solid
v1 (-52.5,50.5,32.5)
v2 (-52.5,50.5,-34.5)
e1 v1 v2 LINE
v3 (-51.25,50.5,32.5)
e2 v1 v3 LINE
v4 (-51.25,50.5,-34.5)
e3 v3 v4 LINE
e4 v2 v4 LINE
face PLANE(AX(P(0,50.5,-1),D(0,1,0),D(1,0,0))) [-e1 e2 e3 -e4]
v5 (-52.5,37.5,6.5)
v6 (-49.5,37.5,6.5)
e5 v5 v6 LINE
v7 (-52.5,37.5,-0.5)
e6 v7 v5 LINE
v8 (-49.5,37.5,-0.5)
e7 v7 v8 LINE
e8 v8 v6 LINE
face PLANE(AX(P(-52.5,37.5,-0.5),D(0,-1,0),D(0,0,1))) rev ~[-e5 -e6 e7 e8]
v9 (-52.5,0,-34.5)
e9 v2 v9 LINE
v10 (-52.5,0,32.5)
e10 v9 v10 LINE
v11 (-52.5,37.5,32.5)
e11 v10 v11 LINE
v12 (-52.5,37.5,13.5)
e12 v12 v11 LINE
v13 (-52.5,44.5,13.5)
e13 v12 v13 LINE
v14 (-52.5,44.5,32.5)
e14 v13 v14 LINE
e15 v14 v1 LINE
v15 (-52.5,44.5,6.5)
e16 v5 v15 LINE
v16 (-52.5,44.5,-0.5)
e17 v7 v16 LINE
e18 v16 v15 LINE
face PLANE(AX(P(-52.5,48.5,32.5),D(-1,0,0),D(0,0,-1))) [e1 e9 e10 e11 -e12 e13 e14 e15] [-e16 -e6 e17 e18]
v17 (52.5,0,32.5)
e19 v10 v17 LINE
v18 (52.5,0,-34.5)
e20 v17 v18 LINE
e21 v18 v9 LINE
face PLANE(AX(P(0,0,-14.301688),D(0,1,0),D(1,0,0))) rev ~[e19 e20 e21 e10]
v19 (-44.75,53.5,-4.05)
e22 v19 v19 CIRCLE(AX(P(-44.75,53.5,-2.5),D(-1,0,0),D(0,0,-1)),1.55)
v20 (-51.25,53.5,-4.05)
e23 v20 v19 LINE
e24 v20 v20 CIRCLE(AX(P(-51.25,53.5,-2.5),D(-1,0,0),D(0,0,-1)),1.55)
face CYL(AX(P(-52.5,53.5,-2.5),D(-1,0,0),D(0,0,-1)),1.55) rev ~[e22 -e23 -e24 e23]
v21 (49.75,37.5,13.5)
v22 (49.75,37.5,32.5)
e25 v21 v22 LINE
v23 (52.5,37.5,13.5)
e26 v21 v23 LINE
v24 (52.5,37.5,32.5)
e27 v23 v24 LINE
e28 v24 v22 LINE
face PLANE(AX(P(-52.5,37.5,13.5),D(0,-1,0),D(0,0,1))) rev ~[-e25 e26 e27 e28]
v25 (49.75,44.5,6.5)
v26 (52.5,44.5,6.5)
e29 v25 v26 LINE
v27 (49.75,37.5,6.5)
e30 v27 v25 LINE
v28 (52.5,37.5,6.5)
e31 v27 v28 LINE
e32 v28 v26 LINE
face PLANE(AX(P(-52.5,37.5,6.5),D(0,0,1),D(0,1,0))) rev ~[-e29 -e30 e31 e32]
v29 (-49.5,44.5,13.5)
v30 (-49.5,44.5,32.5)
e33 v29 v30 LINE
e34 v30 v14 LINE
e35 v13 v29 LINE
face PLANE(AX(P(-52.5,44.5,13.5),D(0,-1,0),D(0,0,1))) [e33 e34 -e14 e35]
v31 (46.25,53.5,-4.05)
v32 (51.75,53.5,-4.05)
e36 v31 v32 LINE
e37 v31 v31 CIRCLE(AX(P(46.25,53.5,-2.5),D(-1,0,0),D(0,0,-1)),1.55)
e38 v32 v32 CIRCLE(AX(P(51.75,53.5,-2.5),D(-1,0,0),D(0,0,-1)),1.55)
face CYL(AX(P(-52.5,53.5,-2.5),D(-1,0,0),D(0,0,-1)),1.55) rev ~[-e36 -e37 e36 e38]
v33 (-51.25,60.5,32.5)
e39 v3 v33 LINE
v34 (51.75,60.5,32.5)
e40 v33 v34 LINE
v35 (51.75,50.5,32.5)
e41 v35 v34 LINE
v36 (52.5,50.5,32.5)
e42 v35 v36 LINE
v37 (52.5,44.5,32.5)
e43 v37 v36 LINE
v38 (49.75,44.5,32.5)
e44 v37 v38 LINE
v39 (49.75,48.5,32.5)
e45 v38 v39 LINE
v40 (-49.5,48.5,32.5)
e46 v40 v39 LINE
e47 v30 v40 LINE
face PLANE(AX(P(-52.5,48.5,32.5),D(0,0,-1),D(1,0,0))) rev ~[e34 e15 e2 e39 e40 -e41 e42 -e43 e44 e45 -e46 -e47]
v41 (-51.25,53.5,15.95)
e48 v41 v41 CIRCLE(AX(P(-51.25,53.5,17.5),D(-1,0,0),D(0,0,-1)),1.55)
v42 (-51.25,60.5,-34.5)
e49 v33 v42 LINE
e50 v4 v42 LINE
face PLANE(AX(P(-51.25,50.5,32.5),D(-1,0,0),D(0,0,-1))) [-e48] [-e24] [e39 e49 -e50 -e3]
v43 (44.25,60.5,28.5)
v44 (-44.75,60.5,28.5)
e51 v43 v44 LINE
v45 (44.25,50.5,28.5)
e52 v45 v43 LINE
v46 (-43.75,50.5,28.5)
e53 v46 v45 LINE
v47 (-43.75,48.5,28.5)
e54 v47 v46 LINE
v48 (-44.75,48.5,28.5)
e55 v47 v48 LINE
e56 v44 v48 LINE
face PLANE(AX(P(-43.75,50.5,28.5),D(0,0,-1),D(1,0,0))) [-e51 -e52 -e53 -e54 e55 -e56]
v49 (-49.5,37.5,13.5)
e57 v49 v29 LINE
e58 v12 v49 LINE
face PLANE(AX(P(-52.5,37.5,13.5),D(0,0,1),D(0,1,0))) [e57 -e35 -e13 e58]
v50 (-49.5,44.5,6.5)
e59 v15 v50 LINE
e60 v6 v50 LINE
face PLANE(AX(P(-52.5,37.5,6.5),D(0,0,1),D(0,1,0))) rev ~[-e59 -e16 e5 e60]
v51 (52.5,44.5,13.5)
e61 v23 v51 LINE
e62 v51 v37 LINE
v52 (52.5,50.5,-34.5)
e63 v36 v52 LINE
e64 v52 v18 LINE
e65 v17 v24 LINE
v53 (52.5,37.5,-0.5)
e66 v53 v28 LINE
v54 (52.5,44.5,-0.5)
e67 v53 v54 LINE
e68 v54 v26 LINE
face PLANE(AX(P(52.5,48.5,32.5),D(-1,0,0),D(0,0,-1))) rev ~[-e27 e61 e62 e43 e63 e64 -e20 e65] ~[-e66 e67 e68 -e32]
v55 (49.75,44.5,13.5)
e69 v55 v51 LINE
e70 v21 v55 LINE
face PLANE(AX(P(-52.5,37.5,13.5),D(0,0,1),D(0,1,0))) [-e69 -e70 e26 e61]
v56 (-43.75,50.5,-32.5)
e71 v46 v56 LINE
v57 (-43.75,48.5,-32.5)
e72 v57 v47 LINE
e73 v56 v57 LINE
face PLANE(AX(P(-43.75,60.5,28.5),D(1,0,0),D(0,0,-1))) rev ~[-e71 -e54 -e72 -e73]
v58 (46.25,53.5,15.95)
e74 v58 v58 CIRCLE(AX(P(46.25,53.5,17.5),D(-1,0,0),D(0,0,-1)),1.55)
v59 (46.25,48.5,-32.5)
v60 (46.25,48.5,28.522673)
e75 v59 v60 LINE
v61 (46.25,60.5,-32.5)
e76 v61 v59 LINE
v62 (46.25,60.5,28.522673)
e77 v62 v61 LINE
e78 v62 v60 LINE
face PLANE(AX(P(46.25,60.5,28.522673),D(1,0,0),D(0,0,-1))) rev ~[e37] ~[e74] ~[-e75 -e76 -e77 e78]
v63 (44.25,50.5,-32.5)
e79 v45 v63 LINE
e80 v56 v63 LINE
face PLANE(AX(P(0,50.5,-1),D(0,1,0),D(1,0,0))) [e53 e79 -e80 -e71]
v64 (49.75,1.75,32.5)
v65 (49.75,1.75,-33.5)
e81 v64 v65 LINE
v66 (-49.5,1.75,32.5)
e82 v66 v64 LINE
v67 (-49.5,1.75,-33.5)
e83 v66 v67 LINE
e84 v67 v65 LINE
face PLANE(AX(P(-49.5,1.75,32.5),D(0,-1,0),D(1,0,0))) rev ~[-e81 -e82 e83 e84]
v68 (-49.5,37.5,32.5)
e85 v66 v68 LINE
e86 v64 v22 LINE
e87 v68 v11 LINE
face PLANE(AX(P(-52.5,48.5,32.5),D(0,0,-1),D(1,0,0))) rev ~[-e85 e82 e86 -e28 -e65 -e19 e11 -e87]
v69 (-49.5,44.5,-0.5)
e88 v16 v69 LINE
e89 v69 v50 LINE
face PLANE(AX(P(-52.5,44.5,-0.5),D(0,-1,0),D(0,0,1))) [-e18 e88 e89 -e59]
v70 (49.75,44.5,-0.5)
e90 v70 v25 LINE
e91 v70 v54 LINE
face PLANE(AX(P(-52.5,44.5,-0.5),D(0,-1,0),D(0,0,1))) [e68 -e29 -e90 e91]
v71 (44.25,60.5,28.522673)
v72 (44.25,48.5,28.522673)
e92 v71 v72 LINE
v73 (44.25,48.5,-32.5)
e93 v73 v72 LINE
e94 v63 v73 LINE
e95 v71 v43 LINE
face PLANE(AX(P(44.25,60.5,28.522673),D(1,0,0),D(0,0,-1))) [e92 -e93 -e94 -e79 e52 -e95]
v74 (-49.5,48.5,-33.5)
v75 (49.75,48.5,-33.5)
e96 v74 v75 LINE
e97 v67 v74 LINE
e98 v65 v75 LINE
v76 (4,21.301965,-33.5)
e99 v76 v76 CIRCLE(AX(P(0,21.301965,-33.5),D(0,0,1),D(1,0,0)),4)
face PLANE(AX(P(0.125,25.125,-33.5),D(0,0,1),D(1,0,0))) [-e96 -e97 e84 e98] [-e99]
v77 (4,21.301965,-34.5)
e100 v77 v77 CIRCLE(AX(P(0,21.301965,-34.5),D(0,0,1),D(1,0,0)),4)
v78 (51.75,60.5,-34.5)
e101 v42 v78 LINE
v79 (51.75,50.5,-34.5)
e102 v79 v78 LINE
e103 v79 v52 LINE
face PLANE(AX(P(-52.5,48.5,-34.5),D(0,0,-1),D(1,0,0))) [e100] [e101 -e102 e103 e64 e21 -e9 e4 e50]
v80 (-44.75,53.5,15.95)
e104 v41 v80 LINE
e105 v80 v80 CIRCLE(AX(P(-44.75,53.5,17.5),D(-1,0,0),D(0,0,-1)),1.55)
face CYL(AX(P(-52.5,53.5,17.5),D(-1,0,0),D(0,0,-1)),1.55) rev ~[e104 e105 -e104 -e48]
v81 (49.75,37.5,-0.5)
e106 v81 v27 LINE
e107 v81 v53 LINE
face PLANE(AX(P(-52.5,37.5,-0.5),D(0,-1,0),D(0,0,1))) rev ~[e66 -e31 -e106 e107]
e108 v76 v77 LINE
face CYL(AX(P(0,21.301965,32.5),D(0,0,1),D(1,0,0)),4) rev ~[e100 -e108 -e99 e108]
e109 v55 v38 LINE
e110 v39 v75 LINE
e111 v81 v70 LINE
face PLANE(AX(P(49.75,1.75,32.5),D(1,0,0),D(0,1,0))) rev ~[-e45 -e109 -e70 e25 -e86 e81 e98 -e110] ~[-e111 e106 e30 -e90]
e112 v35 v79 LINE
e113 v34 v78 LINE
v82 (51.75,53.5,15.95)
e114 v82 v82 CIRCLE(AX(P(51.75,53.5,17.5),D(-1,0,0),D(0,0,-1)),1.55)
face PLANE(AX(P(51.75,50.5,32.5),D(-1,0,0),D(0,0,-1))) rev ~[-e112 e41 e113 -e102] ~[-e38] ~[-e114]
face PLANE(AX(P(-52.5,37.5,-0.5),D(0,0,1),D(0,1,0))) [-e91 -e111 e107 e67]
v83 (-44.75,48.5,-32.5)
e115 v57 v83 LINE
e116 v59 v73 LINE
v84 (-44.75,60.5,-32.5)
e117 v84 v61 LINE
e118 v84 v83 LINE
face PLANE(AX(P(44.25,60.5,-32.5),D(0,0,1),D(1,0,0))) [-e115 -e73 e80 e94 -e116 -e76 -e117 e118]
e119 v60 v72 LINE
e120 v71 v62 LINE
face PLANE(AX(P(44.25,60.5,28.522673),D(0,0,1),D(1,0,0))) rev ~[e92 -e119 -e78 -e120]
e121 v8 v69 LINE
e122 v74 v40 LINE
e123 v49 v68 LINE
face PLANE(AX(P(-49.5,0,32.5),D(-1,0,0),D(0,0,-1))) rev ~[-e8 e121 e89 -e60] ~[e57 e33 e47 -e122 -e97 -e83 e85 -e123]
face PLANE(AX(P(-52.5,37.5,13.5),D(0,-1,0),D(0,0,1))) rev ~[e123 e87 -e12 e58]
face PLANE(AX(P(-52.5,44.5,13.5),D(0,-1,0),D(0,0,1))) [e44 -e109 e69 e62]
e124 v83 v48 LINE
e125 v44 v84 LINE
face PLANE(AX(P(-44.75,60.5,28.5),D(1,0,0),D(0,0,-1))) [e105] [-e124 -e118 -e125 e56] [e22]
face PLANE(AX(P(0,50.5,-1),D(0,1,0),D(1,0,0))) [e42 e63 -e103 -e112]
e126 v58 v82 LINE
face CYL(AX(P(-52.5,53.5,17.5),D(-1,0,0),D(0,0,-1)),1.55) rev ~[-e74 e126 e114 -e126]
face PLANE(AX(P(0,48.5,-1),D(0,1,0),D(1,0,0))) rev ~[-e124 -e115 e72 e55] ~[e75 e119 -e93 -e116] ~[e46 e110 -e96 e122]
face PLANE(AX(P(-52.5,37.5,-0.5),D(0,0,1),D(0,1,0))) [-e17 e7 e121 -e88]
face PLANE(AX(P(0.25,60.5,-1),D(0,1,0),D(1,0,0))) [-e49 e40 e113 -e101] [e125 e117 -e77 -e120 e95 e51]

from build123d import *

# Parameters (mm, degrees)
SKETCH_1_W           = 99
SKETCH_1_H           = 65
EXTRUDE_1_DEPTH      = 2
EXTRUDE_2_DEPTH      = 46.5
EXTRUDE_2_DEPTH_BACK = 2
SKETCH_3_W           = 105
SKETCH_3_H           = 67
EXTRUDE_3_DEPTH      = 2
SKETCH_5_W           = 103
SKETCH_5_H           = 67
SKETCH_5_W_2         = 88
SKETCH_5_H_2         = 61
EXTRUDE_4_DEPTH      = 10
SKETCH_7_W           = 7
SKETCH_7_H           = 7
SKETCH_7_W_2         = 24.495718853
CUT_EXTRUDE_1_DEPTH  = 126.998015857
SKETCH_8_R           = 1.55
CUT_EXTRUDE_2_DEPTH  = 126.998015857
SKETCH_9_W           = 99.25
SKETCH_9_H           = 46.75
CUT_EXTRUDE_3_DEPTH  = 66
SKETCH_10_R          = 4
CUT_EXTRUDE_4_DEPTH  = 105.42940199
CUT_EXTRUDE_5_REACH  = 89.217
SKETCH_11_W          = 2
SKETCH_11_H          = 61.022672822
SKETCH_11_W_2        = 1
SKETCH_11_H_2        = 61


with BuildPart() as part:
    # 草图1 → 凸台-拉伸1 (new body)
    with BuildSketch(Plane(origin=(0, 0, 0), x_dir=(1, 0, 0), z_dir=(0, 1, 0))):
        Rectangle(SKETCH_1_W, SKETCH_1_H)
    extrude(amount=EXTRUDE_1_DEPTH)

    # 草图2 → 凸台-拉伸2 (add, two sides: drawn at the far end of the back side and taken through both)
    with BuildSketch(Plane(origin=(0, 2, 0), x_dir=(1, 0, 0), z_dir=(0, 1, 0)).offset(-EXTRUDE_2_DEPTH_BACK)):
        Polygon((-52.5, 34.5), (-52.5, -32.5), (-49.5, -32.5), (-49.5, 32.5), (49.5, 32.5), (49.5, -32.5), (52.5, -32.5), (52.5, 34.5), align=None)
    extrude(amount=EXTRUDE_2_DEPTH + EXTRUDE_2_DEPTH_BACK)

    # 草图3 → 凸台-拉伸3 (add)
    with BuildSketch(Plane(origin=(0, 48.5, 0), x_dir=(1, 0, 0), z_dir=(0, 1, 0))):
        with Locations((0, 1)):
            Rectangle(SKETCH_3_W, SKETCH_3_H)
    extrude(amount=EXTRUDE_3_DEPTH)

    # 草图5 → 凸台-拉伸4 (add)
    with BuildSketch(Plane(origin=(0, 50.5, 0), x_dir=(1, 0, 0), z_dir=(0, 1, 0))):
        with Locations((0.25, 1)):
            Rectangle(SKETCH_5_W, SKETCH_5_H)
        with Locations((0.25, 2)):
            Rectangle(SKETCH_5_W_2, SKETCH_5_H_2, mode=Mode.SUBTRACT)
    extrude(amount=EXTRUDE_4_DEPTH)

    # 草图7 → 切除-拉伸1 (cut, through all)
    with BuildSketch(Plane.ZY.offset(52.5)):
        with Locations((3, 41)):
            Rectangle(SKETCH_7_W, SKETCH_7_H)
        with Locations((25.747859426, 41)):
            Rectangle(SKETCH_7_W_2, SKETCH_7_H)
    extrude(amount=-CUT_EXTRUDE_1_DEPTH, mode=Mode.SUBTRACT)

    # 草图8 → 切除-拉伸2 (cut, through all)
    with BuildSketch(Plane.ZY.offset(52.5)):
        with Locations(Location((17.5, 53.5, 0), (0, 0, 180))):
            Circle(SKETCH_8_R)
        with Locations(Location((-2.5, 53.5, 0), (0, 0, 180))):
            Circle(SKETCH_8_R)
    extrude(amount=-CUT_EXTRUDE_2_DEPTH, mode=Mode.SUBTRACT)

    # 草图9 → 切除-拉伸3 (cut)
    with BuildSketch(Plane.XY.offset(32.5)):
        with Locations((0.125, 25.125)):
            Rectangle(SKETCH_9_W, SKETCH_9_H)
    extrude(amount=-CUT_EXTRUDE_3_DEPTH, mode=Mode.SUBTRACT)

    # 草图10 → 切除-拉伸4 (cut, through all)
    with BuildSketch(Plane.XY.offset(32.5)):
        with Locations((0, 21.301964842)):
            Circle(SKETCH_10_R)
    extrude(amount=-CUT_EXTRUDE_4_DEPTH, mode=Mode.SUBTRACT)

    # 草图11 → 切除-拉伸5 (cut, up to next)
    with BuildSketch(Plane(origin=(0, 60.5, 0), x_dir=(1, 0, 0), z_dir=(0, 1, 0)), mode=Mode.PRIVATE) as cut_extrude_5_sk1:
        with Locations((45.25, 1.988663589)):
            Rectangle(SKETCH_11_W, SKETCH_11_H)
    cut_extrude_5_tool1 = extrude(cut_extrude_5_sk1.sketch, amount=-CUT_EXTRUDE_5_REACH, mode=Mode.PRIVATE) & part.part
    # 草图11 → 切除-拉伸5 (cut, up to next)
    with BuildSketch(Plane(origin=(0, 60.5, 0), x_dir=(1, 0, 0), z_dir=(0, 1, 0)), mode=Mode.PRIVATE) as cut_extrude_5_sk2:
        with Locations((-44.25, 2)):
            Rectangle(SKETCH_11_W_2, SKETCH_11_H_2)
    cut_extrude_5_tool2 = extrude(cut_extrude_5_sk2.sketch, amount=-CUT_EXTRUDE_5_REACH, mode=Mode.PRIVATE) & part.part
    add(cut_extrude_5_tool1.solids().sort_by_distance((45.25, 60.5, -1.988664))[0], mode=Mode.SUBTRACT)
    add(cut_extrude_5_tool2.solids().sort_by_distance((-44.25, 60.5, -2))[0], mode=Mode.SUBTRACT)


solid = part.part
